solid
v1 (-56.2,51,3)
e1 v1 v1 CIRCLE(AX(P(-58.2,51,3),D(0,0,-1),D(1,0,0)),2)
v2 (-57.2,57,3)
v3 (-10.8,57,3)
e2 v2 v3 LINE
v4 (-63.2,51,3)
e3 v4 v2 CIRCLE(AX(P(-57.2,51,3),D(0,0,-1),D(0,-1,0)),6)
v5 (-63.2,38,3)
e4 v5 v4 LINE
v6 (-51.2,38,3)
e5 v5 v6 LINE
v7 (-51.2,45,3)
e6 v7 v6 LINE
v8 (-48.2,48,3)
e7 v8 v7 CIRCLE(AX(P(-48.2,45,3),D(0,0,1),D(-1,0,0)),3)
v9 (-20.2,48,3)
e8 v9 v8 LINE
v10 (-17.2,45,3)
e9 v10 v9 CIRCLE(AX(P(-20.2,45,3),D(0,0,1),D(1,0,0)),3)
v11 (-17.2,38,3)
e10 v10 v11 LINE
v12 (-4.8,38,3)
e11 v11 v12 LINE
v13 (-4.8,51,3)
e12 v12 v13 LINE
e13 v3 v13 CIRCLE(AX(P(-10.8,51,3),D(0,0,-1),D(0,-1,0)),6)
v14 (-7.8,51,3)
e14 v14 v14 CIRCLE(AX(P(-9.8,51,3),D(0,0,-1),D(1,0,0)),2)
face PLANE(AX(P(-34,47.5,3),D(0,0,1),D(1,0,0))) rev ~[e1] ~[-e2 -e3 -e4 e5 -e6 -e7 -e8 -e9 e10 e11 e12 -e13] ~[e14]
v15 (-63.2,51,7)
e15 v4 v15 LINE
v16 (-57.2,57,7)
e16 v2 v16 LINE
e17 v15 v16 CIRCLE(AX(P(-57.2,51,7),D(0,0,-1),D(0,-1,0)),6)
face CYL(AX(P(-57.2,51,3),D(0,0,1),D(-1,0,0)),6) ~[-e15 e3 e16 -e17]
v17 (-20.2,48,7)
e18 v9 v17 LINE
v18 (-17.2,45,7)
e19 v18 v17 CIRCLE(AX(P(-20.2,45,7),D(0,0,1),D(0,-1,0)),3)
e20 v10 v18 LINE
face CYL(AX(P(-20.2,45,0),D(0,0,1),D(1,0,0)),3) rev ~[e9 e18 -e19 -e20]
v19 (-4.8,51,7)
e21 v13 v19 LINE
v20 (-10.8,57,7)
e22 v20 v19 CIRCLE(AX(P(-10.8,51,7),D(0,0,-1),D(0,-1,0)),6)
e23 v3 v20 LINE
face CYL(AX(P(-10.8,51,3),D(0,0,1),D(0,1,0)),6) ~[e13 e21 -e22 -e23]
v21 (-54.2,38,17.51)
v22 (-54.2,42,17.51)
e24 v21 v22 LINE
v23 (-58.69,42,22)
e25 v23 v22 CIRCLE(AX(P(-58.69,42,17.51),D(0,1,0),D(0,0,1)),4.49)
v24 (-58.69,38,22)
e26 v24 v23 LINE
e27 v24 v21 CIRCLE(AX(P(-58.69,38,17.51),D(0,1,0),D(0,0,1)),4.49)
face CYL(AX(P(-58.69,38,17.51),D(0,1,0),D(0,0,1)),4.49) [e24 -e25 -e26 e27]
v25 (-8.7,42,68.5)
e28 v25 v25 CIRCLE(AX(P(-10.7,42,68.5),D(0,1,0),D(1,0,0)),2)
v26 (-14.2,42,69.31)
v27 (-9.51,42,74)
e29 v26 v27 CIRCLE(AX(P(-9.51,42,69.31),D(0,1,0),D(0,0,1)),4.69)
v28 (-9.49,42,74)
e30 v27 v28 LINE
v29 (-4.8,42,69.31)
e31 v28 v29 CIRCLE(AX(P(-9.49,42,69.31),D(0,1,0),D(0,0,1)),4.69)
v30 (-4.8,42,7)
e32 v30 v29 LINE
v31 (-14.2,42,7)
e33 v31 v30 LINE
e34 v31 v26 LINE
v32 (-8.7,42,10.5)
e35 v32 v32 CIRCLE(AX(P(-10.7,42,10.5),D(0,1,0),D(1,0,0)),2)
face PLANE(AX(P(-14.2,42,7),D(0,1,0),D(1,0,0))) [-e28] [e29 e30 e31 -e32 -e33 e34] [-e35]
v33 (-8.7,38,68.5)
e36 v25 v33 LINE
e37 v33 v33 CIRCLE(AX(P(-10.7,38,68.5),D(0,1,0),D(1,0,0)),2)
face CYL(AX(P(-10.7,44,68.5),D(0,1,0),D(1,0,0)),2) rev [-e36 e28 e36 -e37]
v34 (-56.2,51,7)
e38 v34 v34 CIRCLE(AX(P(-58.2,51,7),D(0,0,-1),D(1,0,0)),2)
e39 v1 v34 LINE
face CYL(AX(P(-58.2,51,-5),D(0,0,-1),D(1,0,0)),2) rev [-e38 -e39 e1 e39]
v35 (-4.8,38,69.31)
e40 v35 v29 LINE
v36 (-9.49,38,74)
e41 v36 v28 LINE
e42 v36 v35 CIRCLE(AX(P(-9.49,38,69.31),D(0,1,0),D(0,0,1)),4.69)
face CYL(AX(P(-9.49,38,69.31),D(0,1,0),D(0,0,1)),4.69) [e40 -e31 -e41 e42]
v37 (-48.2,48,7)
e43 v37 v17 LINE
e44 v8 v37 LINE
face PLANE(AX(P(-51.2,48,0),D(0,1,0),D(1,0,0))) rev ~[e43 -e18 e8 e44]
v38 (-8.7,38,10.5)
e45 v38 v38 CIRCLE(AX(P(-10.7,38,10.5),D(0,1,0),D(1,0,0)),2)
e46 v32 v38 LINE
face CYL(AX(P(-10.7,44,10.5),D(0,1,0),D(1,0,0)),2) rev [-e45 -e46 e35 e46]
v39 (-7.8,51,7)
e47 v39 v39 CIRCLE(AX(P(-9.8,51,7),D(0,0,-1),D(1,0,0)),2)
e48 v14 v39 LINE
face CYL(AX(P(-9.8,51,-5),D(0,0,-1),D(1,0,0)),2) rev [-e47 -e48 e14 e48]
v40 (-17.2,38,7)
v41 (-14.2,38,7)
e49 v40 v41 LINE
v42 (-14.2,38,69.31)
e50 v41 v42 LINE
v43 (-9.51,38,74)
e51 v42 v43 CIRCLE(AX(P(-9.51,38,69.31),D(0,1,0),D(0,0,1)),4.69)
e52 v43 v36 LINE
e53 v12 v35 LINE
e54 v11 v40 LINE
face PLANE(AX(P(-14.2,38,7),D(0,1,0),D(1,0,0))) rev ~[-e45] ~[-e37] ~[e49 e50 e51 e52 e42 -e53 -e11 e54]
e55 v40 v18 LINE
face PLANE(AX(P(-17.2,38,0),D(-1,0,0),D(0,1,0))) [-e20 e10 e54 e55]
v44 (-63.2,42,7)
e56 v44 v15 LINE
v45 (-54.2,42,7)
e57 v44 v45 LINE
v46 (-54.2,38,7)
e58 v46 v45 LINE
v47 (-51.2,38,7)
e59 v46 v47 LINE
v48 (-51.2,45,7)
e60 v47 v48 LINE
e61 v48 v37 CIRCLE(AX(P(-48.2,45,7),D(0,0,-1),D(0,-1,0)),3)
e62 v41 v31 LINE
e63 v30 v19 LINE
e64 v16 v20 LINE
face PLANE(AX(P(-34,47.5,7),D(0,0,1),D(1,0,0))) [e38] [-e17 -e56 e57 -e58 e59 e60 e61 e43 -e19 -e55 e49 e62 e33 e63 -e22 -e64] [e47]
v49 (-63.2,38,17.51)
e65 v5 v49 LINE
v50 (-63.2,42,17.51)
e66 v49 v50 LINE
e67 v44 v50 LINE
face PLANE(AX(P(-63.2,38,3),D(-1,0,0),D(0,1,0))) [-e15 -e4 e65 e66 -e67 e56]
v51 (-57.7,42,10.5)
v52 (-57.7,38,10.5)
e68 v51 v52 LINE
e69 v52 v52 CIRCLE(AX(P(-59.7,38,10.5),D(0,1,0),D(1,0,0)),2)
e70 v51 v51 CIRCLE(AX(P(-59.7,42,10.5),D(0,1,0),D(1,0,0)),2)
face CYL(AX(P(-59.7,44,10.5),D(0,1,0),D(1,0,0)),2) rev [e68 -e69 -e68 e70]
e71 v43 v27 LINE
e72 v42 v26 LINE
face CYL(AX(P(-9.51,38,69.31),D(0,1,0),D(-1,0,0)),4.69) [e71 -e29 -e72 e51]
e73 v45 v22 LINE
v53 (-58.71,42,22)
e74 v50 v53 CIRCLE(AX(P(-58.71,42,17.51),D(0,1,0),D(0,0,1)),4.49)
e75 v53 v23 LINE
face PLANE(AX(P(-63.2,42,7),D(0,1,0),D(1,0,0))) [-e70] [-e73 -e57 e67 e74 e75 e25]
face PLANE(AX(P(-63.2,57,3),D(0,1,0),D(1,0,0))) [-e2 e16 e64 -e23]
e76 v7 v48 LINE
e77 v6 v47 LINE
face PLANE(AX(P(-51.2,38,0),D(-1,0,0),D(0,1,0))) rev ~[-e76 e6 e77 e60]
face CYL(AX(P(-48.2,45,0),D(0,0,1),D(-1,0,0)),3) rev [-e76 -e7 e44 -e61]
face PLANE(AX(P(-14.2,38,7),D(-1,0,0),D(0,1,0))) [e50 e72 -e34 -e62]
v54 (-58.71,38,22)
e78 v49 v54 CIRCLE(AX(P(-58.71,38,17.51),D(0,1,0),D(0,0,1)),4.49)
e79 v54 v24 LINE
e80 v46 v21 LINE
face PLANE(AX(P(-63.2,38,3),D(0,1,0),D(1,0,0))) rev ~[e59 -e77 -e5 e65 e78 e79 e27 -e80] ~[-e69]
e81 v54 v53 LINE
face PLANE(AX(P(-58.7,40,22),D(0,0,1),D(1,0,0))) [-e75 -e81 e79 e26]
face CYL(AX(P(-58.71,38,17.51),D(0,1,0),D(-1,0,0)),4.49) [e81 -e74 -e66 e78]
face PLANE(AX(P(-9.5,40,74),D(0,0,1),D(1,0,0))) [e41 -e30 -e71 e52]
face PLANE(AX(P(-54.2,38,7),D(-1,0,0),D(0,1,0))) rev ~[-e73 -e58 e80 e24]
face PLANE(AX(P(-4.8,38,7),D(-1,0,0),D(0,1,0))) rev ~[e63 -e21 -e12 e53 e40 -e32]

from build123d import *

# Parameters (mm, degrees)
CYLINDER393_R     = 2
CYLINDER393_DEPTH = 16
CYLINDER395_R     = 2
CYLINDER395_DEPTH = 16
CYLINDER394_R     = 2
CYLINDER394_DEPTH = 16
BOX490_W          = 34
BOX490_H          = 10
BOX490_DEPTH      = 7
FILLET028_R       = 3
BOX489_W          = 58.4
BOX489_H          = 19
BOX489_DEPTH      = 4
FILLET029_R       = 6
CYLINDER384_R     = 2
CYLINDER384_DEPTH = 10
CYLINDER385_R     = 2
CYLINDER385_DEPTH = 10
BOX482_W          = 9.4
BOX482_H          = 4
BOX482_DEPTH      = 67
FILLET025_R       = 4.69
CYLINDER386_R     = 2
CYLINDER386_DEPTH = 10
BOX480_W          = 9
BOX480_H          = 4
BOX480_DEPTH      = 15
FILLET024_R       = 4.49


with BuildPart() as cylinder393:
    # Cylinder393 → Cylinder393 (new body)
    with BuildSketch(Plane(origin=(-9.8, 51, -5), x_dir=(1, 0, 0), z_dir=(0, 0, 1))):
        Circle(CYLINDER393_R)
    extrude(amount=CYLINDER393_DEPTH)


with BuildPart() as cylinder395:
    # Cylinder395 → Cylinder395 (new body)
    with BuildSketch(Plane(origin=(-58.2, 51, -5), x_dir=(1, 0, 0), z_dir=(0, 0, 1))):
        Circle(CYLINDER395_R)
    extrude(amount=CYLINDER395_DEPTH)


with BuildPart() as fusion386:
    # Cylinder394 → Cylinder394 (new body)
    with BuildSketch(Plane(origin=(-9.8, 51, -5), x_dir=(1, 0, 0), z_dir=(0, 0, 1))):
        Circle(CYLINDER394_R)
    extrude(amount=CYLINDER394_DEPTH)

    # Fusion386: union Cylinder393, Cylinder395
    add(cylinder393.part)
    add(cylinder395.part)


with BuildPart() as fillet028:
    # Box490 → Box490 (new body)
    with BuildSketch(Plane(origin=(-51.2, 38, 0), x_dir=(1, 0, 0), z_dir=(0, 0, 1))):
        with Locations((17, 5)):
            Rectangle(BOX490_W, BOX490_H)
    extrude(amount=BOX490_DEPTH)

    # Fillet028
    fillet028_edges = [fillet028.edges().sort_by_distance(p)[0] for p in [
        (-51.2, 48, 3.5),
        (-17.2, 48, 3.5),
    ]]
    fillet(fillet028_edges, radius=FILLET028_R)


with BuildPart() as fillet029:
    # Box489 → Box489 (new body)
    with BuildSketch(Plane(origin=(-63.2, 38, 3), x_dir=(1, 0, 0), z_dir=(0, 0, 1))):
        with Locations((29.2, 9.5)):
            Rectangle(BOX489_W, BOX489_H)
    extrude(amount=BOX489_DEPTH)

    # Cut421: cut Fillet028
    add(fillet028.part, mode=Mode.SUBTRACT)

    # Cut422: cut Fusion386
    add(fusion386.part, mode=Mode.SUBTRACT)

    # Fillet029
    fillet029_edges = [fillet029.edges().sort_by_distance(p)[0] for p in [
        (-63.2, 57, 5),
        (-4.8, 57, 5),
    ]]
    fillet(fillet029_edges, radius=FILLET029_R)


with BuildPart() as cylinder384:
    # Cylinder384 → Cylinder384 (new body)
    with BuildSketch(Plane(origin=(-10.7, 44, 10.5), x_dir=(1, 0, 0), z_dir=(0, -1, 0))):
        Circle(CYLINDER384_R)
    extrude(amount=CYLINDER384_DEPTH)


with BuildPart() as fusion379:
    # Cylinder385 → Cylinder385 (new body)
    with BuildSketch(Plane(origin=(-10.7, 44, 68.5), x_dir=(1, 0, 0), z_dir=(0, -1, 0))):
        Circle(CYLINDER385_R)
    extrude(amount=CYLINDER385_DEPTH)

    # Fusion379: union Cylinder384
    add(cylinder384.part)


with BuildPart() as fillet025:
    # Box482 → Box482 (new body)
    with BuildSketch(Plane(origin=(-14.2, 38, 7), x_dir=(1, 0, 0), z_dir=(0, 0, 1))):
        with Locations((4.7, 2)):
            Rectangle(BOX482_W, BOX482_H)
    extrude(amount=BOX482_DEPTH)

    # Cut417: cut Fusion379
    add(fusion379.part, mode=Mode.SUBTRACT)

    # Fillet025
    fillet025_edges = [fillet025.edges().sort_by_distance(p)[0] for p in [
        (-14.2, 40, 74),
        (-4.8, 40, 74),
    ]]
    fillet(fillet025_edges, radius=FILLET025_R)


with BuildPart() as cylinder386:
    # Cylinder386 → Cylinder386 (new body)
    with BuildSketch(Plane(origin=(-59.7, 44, 10.5), x_dir=(1, 0, 0), z_dir=(0, -1, 0))):
        Circle(CYLINDER386_R)
    extrude(amount=CYLINDER386_DEPTH)


with BuildPart() as fusion388:
    # Box480 → Box480 (new body)
    with BuildSketch(Plane(origin=(-63.2, 38, 7), x_dir=(1, 0, 0), z_dir=(0, 0, 1))):
        with Locations((4.5, 2)):
            Rectangle(BOX480_W, BOX480_H)
    extrude(amount=BOX480_DEPTH)

    # Cut418: cut Cylinder386
    add(cylinder386.part, mode=Mode.SUBTRACT)

    # Fillet024
    fillet024_edges = [fusion388.edges().sort_by_distance(p)[0] for p in [
        (-63.2, 40, 22),
        (-54.2, 40, 22),
    ]]
    fillet(fillet024_edges, radius=FILLET024_R)

    # Fusion388: union Fillet029, Fillet025
    add(fillet029.part)
    add(fillet025.part)


solid = fusion388.part
